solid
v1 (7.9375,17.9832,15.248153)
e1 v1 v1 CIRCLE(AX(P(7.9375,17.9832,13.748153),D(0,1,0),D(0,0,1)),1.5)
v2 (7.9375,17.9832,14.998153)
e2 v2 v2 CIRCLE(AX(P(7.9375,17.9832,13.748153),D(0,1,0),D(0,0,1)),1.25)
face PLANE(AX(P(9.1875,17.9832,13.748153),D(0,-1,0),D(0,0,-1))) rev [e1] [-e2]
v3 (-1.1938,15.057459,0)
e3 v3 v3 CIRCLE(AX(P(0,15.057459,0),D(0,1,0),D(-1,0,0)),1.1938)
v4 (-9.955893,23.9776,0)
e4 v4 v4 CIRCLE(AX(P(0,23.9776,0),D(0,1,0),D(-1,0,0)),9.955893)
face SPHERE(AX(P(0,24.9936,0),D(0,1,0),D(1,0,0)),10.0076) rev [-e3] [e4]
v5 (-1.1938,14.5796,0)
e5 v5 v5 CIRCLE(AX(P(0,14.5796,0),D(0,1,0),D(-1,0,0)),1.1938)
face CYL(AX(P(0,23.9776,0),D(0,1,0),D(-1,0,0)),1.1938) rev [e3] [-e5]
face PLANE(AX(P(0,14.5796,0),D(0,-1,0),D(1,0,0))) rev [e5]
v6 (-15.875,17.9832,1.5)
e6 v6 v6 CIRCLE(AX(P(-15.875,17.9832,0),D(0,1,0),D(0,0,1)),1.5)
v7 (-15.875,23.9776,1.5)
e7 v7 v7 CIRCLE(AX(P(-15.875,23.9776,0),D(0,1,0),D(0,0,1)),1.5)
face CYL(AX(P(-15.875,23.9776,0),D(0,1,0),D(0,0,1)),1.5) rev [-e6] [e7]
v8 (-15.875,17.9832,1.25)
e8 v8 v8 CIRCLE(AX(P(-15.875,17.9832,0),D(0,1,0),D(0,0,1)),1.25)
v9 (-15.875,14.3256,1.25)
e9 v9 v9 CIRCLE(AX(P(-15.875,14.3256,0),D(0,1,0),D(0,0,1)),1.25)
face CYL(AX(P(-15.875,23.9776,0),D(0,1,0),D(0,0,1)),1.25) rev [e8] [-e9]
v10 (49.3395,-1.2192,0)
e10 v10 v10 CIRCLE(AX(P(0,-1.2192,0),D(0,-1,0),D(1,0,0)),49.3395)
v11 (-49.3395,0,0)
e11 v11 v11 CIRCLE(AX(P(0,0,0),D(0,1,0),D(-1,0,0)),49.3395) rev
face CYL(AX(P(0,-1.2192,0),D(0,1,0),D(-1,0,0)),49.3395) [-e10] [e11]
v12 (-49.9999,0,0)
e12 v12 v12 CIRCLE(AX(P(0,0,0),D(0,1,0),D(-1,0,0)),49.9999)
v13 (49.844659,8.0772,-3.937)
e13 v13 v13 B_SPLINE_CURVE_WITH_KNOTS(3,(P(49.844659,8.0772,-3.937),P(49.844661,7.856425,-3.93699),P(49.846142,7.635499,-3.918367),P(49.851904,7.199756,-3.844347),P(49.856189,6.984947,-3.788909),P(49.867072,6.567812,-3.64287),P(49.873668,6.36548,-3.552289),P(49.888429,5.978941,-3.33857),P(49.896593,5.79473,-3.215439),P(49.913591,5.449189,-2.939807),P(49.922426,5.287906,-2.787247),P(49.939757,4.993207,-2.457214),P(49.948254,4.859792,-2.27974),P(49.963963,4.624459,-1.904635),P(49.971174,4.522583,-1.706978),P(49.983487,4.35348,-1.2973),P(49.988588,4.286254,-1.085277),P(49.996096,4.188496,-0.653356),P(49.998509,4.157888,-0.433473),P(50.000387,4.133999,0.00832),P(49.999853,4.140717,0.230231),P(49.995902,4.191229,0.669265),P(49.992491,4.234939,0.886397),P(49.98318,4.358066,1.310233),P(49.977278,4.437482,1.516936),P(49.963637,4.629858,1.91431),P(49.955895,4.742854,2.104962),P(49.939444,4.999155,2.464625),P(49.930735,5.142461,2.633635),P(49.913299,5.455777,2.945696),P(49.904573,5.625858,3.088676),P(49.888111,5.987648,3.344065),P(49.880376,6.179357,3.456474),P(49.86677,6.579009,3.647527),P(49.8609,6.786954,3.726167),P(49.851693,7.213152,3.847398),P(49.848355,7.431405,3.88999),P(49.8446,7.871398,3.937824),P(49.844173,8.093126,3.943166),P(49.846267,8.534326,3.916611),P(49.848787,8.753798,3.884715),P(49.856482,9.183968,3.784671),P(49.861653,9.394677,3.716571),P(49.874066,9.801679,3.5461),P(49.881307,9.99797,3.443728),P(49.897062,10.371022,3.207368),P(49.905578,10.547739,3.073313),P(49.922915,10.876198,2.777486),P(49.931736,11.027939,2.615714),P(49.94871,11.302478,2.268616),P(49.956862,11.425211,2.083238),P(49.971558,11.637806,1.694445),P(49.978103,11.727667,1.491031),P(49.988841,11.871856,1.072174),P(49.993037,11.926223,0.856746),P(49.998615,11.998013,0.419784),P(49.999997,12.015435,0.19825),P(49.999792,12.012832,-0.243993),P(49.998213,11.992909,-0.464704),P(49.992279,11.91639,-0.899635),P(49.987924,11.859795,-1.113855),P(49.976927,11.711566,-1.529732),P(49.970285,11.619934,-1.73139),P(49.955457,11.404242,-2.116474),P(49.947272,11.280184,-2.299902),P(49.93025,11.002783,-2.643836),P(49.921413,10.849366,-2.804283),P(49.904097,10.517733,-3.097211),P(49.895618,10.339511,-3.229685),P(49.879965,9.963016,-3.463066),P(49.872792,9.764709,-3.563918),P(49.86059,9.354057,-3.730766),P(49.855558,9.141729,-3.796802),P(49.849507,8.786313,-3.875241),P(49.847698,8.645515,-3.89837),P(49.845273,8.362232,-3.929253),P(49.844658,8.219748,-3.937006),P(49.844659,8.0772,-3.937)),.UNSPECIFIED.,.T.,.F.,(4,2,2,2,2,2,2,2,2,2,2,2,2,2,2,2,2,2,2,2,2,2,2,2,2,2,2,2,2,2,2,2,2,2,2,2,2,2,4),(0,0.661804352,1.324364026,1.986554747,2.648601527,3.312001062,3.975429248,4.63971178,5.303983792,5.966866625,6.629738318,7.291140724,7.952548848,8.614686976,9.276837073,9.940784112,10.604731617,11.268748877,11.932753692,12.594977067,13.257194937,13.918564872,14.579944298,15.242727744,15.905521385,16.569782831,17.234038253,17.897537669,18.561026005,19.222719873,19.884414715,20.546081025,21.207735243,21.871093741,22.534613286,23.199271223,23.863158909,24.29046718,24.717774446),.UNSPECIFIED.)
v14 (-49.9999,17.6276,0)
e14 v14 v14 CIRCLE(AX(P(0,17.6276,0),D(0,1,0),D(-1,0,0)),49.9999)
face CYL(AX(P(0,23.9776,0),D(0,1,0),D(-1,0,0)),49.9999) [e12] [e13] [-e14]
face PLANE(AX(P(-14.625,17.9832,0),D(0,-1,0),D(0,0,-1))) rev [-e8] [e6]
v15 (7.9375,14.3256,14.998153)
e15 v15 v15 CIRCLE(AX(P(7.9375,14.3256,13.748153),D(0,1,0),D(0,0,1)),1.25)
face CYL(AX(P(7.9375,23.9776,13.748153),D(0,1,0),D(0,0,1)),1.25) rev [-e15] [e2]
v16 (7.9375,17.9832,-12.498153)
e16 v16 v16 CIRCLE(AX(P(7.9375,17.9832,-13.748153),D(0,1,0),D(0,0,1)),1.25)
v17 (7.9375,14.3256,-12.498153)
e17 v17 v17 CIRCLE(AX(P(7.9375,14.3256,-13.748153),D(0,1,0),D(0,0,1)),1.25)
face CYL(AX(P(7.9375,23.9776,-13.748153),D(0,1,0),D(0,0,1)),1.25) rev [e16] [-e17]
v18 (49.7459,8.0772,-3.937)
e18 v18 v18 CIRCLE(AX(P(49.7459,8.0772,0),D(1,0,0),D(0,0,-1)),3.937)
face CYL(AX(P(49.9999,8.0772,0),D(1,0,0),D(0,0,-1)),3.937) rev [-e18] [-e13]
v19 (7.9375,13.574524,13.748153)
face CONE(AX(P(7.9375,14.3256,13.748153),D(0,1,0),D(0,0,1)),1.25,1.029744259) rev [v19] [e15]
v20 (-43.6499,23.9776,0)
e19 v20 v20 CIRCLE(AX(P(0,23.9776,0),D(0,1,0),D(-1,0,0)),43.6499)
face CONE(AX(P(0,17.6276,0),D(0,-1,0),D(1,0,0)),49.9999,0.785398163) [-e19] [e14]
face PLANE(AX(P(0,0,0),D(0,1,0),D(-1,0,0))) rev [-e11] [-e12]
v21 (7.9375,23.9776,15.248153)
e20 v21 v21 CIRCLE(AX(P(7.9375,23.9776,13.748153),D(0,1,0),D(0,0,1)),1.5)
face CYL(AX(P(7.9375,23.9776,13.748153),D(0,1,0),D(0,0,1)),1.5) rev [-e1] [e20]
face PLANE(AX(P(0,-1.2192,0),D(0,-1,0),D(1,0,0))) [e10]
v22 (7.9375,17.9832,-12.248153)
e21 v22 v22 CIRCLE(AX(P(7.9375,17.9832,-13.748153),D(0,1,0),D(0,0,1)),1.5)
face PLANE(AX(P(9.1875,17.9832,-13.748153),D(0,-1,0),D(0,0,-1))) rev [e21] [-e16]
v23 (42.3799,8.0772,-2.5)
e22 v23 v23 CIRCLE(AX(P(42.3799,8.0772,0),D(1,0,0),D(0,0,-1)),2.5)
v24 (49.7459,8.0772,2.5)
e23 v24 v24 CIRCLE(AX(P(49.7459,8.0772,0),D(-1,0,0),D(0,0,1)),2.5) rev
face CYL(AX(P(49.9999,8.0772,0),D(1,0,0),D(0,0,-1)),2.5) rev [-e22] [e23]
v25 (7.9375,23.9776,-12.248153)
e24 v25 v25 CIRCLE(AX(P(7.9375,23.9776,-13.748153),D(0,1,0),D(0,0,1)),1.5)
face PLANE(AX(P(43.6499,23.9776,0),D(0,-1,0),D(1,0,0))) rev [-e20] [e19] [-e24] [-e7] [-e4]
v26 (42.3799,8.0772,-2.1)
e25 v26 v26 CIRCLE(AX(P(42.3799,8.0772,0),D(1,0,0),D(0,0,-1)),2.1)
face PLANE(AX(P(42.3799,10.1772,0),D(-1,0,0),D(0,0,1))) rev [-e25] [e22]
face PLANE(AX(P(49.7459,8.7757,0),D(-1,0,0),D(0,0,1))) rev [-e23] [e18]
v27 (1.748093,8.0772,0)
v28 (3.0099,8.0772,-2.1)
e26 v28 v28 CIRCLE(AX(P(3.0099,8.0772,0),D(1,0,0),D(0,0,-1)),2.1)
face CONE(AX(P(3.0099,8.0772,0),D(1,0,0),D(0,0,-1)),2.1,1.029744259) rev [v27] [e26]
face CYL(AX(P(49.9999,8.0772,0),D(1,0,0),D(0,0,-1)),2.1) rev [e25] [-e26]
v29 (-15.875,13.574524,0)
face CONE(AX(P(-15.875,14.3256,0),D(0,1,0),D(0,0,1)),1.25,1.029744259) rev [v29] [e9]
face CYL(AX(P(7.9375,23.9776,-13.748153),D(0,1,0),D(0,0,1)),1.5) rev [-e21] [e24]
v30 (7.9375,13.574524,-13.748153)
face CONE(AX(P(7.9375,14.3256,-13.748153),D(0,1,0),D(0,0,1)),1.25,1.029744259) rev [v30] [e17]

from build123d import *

# Parameters (mm, degrees)
M5X0_8_TAPPED_HOLE1_D                               = 4.2
M5X0_8_TAPPED_HOLE1_DEPTH                           = 46.99
M5X0_8_TAPPED_HOLE1_CBORE_D                         = 5
M5X0_8_TAPPED_HOLE1_CBORE_DEPTH                     = 7.62
M5X0_8_TAPPED_HOLE1_TIP                             = 1.2618073
CIRPATTERN1_COUNT                                   = 3
CBORE_FOR_00_BINDING_HEAD_MACHINE_SCREW_D           = 1.397
CBORE_FOR_00_BINDING_HEAD_MACHINE_SCREW_DEPTH       = 6.35
CBORE_FOR_00_BINDING_HEAD_MACHINE_SCREW_CBORE_D     = 7.874
CBORE_FOR_00_BINDING_HEAD_MACHINE_SCREW_CBORE_DEPTH = 0.254
CBORE_FOR_00_BINDING_HEAD_MACHINE_SCREW_TIP         = 0.419701142
SKETCH2_R                                           = 49.3395
EXTRUDE1_DEPTH                                      = 1.2192


with BuildPart() as part:
    # Sketch1 → Revolve1 (revolve)
    with BuildSketch(Plane.XY, mode=Mode.PRIVATE) as revolve1_sk:
        with BuildLine():
            Line((0, 0), (49.9999, 0))
            Line((49.9999, 0), (49.9999, 17.6276))
            Line((49.9999, 17.6276), (43.6499, 23.9776))
            Line((43.6499, 23.9776), (9.955892816, 23.9776))
            ThreePointArc((9.955892816, 23.9776), (7.139407653, 17.980689326), (1.1938, 15.057458932))
            Line((1.1938, 15.057458932), (1.1938, 14.5796))
            Line((1.1938, 14.5796), (0, 14.5796))
            Line((0, 14.5796), (0, 0))
        make_face()
    revolve(revolve1_sk.sketch.rotate(Axis((0, 23.9776, 0), (0, -1, 0)), 180), axis=Axis((0, 23.9776, 0), (0, -1, 0)))  # turned: the seam where the file's is

    # M5x0.8 Tapped Hole1
    with Locations(Plane(origin=(49.9999, 8.0772, 0), x_dir=(0, 0, 1), z_dir=(1, 0, 0))):
        with Locations((0, 0)):
            CounterBoreHole(M5X0_8_TAPPED_HOLE1_D / 2, M5X0_8_TAPPED_HOLE1_CBORE_D / 2, M5X0_8_TAPPED_HOLE1_CBORE_DEPTH, depth=M5X0_8_TAPPED_HOLE1_DEPTH)
            with Locations((0, 0, -(M5X0_8_TAPPED_HOLE1_DEPTH + M5X0_8_TAPPED_HOLE1_TIP / 2))):  # 118° drill point
                Cone(0, M5X0_8_TAPPED_HOLE1_D / 2, M5X0_8_TAPPED_HOLE1_TIP, mode=Mode.SUBTRACT)

    # Sketch5 → M3x0.5 Tapped Hole1 (revolve, cut)
    with BuildSketch(Plane(origin=(-15.875, 23.9776, 0), x_dir=(0, 0, 1), z_dir=(1, 0, 0))):
        Polygon((0, 0), (0, 10.403075774), (1.25, 9.652), (1.25, 5.9944), (1.5, 5.9944), (1.5, 0), align=None)
    m3x0_5_tapped_hole1 = revolve(axis=Axis((-15.875, 30.3276, 0), (0, -1, 0)), mode=Mode.SUBTRACT)

    # CirPattern1: M3x0.5 Tapped Hole1 ×3 about axis
    cirpattern1_axis = Axis((0, 0, 0), (0, 1, 0))
    for i in range(1, CIRPATTERN1_COUNT):
        add(m3x0_5_tapped_hole1.rotate(cirpattern1_axis, i * 360 / CIRPATTERN1_COUNT), mode=Mode.SUBTRACT)

    # CBORE for #00 Binding Head Machine Screw1
    with Locations(Plane(origin=(49.9999, 8.0772, 0), x_dir=(0, 0, 1), z_dir=(1, 0, 0))):
        with Locations((0, 0)):
            CounterBoreHole(CBORE_FOR_00_BINDING_HEAD_MACHINE_SCREW_D / 2, CBORE_FOR_00_BINDING_HEAD_MACHINE_SCREW_CBORE_D / 2, CBORE_FOR_00_BINDING_HEAD_MACHINE_SCREW_CBORE_DEPTH, depth=CBORE_FOR_00_BINDING_HEAD_MACHINE_SCREW_DEPTH)
            with Locations((0, 0, -(CBORE_FOR_00_BINDING_HEAD_MACHINE_SCREW_DEPTH + CBORE_FOR_00_BINDING_HEAD_MACHINE_SCREW_TIP / 2))):  # 118° drill point
                Cone(0, CBORE_FOR_00_BINDING_HEAD_MACHINE_SCREW_D / 2, CBORE_FOR_00_BINDING_HEAD_MACHINE_SCREW_TIP, mode=Mode.SUBTRACT)

    # Sketch2 → Extrude1 (add)
    with BuildSketch(Plane.XZ):
        with Locations(Location((0, 0, 0), (0, 0, 180))):  # turned: the seam where the file's is
            Circle(SKETCH2_R)
    extrude(amount=EXTRUDE1_DEPTH)


solid = part.part
